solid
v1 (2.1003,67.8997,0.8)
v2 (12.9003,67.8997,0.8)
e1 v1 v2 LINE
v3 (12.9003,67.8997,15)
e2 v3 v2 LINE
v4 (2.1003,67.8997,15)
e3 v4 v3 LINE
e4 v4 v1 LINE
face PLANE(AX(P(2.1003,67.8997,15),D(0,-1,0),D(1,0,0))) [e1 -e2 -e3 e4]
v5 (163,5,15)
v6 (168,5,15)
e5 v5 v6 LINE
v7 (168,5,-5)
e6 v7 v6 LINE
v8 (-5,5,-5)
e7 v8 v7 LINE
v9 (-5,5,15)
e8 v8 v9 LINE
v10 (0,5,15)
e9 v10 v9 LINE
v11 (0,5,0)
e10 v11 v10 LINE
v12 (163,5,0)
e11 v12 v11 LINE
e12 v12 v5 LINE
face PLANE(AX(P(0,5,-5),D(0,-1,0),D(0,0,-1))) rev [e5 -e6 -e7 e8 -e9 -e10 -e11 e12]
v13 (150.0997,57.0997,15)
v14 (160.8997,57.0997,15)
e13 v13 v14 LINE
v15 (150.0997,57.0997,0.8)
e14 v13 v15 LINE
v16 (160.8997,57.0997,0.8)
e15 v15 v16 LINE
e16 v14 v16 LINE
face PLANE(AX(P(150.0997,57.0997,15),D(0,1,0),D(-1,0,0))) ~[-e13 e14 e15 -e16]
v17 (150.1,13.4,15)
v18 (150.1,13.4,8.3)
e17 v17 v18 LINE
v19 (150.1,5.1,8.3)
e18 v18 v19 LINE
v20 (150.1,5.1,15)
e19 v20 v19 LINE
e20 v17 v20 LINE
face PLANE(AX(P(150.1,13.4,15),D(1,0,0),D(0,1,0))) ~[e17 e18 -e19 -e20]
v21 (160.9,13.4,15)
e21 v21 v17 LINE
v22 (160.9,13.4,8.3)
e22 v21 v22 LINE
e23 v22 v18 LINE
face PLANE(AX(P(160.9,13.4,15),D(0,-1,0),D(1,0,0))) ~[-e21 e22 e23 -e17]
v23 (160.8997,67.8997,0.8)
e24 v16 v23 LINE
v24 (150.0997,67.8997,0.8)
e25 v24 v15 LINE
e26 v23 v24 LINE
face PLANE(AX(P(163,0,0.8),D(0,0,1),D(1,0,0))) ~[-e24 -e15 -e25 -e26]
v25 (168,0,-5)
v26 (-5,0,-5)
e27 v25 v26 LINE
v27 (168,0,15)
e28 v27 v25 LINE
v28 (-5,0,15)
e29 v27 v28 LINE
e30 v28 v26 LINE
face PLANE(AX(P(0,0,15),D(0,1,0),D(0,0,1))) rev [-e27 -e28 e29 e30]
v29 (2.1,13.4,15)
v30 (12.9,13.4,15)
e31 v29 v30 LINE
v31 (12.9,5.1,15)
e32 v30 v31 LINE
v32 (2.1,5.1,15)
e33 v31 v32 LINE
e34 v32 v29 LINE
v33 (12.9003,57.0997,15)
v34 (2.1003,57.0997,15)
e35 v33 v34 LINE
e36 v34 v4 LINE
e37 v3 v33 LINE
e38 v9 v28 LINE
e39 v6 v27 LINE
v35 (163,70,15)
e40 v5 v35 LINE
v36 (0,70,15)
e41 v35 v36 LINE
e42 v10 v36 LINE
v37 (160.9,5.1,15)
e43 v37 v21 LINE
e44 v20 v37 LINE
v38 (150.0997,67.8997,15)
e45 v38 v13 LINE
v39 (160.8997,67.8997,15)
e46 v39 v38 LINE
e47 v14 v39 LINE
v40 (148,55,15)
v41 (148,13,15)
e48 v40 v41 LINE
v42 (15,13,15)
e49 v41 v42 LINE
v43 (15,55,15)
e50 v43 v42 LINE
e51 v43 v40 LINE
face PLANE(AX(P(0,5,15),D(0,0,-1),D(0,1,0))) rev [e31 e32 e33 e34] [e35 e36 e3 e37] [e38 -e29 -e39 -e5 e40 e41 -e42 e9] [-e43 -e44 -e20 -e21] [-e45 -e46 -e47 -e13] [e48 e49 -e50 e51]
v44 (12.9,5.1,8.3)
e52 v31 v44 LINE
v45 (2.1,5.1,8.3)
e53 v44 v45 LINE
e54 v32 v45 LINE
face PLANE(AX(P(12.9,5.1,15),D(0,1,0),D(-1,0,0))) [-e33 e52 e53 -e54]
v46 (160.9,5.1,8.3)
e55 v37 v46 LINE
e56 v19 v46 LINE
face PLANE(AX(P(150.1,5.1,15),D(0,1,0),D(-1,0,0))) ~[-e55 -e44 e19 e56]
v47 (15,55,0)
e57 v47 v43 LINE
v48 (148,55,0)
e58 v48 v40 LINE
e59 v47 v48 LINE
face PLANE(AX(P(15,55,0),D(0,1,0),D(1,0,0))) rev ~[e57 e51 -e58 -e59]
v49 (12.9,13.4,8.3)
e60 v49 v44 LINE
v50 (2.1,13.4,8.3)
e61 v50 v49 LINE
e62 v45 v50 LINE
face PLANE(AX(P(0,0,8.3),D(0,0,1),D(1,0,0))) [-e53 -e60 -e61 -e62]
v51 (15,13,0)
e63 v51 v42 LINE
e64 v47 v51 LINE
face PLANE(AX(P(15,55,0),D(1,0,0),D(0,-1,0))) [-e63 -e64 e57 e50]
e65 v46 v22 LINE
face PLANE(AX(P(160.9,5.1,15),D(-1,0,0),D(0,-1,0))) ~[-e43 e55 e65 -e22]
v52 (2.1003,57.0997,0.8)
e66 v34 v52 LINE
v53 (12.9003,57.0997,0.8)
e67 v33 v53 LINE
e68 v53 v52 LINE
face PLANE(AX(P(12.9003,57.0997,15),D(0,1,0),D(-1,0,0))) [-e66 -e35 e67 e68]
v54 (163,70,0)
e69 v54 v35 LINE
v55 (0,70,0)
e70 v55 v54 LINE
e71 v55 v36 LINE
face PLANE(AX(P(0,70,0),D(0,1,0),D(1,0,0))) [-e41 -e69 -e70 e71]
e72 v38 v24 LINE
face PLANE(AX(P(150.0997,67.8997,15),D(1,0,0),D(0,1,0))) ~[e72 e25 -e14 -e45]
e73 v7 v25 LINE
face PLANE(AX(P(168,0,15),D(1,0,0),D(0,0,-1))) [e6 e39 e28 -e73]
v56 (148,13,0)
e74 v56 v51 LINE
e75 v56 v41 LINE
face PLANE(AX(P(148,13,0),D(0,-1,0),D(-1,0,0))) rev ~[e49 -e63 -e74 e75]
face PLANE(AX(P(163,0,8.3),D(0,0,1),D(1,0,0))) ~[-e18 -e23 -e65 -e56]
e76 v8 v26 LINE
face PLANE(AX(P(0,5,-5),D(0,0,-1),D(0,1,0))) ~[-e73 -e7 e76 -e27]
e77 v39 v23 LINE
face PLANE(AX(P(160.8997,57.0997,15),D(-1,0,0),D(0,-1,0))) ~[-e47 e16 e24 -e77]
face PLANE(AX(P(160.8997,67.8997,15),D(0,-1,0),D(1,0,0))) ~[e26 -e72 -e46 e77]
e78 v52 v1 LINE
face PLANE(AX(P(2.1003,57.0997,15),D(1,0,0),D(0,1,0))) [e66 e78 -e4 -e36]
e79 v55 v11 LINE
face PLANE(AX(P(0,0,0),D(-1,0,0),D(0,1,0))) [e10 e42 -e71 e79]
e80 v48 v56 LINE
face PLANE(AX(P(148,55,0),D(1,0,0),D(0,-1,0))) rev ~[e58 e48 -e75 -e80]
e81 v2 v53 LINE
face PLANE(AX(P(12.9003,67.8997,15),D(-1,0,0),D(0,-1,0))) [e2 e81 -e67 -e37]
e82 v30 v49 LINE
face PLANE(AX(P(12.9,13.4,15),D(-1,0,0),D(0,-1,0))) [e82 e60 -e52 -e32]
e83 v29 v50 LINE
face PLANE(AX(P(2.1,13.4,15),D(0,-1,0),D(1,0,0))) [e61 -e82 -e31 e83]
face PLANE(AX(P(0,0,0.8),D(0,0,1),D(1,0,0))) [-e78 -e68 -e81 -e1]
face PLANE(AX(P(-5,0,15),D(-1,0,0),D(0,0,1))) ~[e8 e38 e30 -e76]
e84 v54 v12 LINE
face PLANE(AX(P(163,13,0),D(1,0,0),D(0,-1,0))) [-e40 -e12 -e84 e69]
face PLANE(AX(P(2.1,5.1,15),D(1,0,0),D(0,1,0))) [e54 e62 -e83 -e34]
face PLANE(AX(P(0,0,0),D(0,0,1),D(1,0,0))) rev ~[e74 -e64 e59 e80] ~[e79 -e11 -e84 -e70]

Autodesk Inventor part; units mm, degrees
ref_plane "YZ Plane" through (0, 0, 0) normal (1, 0, 0) x (0, 1, 0)
ref_plane "XZ Plane" through (0, 0, 0) normal (0, 1, 0) x (-1, 0, 0)
ref_plane "XY Plane" through (0, 0, 0) normal (0, 0, 1) x (1, 0, 0)
sketch "Sketch1" plane through (0, 0, 0) normal (0, 0, 1) x (1, 0, 0)
  line L0 (0, 0) -> (0, 70)
  line L1 (0, 70) -> (163, 70)
  line L2 (163, 70) -> (163, 0)
  line L3 (163, 0) -> (0, 0)
  line L4 (0, 70) -> (15, 70)
  line L5 (15, 55) -> (15, 13)
  line L6 (0, 70) -> (0, 55)
  line L7 (15, 55) -> (148, 55)
  line L8 (163, 70) -> (148, 70)
  line L9 (148, 55) -> (148, 13)
  line L10 (163, 0) -> (163, 13)
  line L11 (148, 13) -> (15, 13)
  dimension "d0" = 70
  dimension "d1" = 163
  dimension "d2" = 15
  dimension "d3" = 15
  dimension "d4" = 15
  dimension "d5" = 13
extrude "Extrusion1" add sketch "Sketch1" along normal blind 15
sketch "Sketch2" plane through (0, 0, 0) normal (0, 0, -1) x (-1, 0, 0)
  line L0 (-163, 0) -> (-163, 70) projected
  line L1 (-163, 0) -> (-163, 5)
  line L2 (-163, 5) -> (0, 5)
  line L3 (0, 0) -> (-163, 0) projected
  line L4 (-163, 0) -> (0, 0)
  line L5 (-163, 0) -> (0, 0)
  line L6 (0, 0) -> (0, 5)
  line L7 (0, 5) -> (-163, 5)
  line L8 (-163, 5) -> (-163, 0)
  dimension "d8" = 5
extrude "Extrusion2" add sketch "Sketch2" along normal blind 5
sketch "Sketch3" plane through (163, 0, 15) normal (1, 0, 0) x (0, 0, -1)
  line L0 (20, 5) -> (20, 0) projected
  line L1 (0, 0) -> (20, 0)
  line L2 (20, 0) -> (20, 5)
  line L3 (20, 5) -> (0, 5)
  line L4 (0, 5) -> (0, 0)
  point P0 (15, 0)
extrude "Extrusion3" add sketch "Sketch3" along normal blind 5
ref_plane "Work Plane1" through (81.5, 70, 15) normal (1, 0, 0) x (0, 0, -1)
mirror "Mirror1" about plane through (81.5, 70, 15) normal (1, 0, 0) of "Extrusion3"
sketch "Sketch4" plane through (0, 0, 15) normal (0, 0, 1) x (1, 0, 0)
  line L0 (163, 70) -> (0, 70) projected
  line L1 (15, 55) -> (148, 55) projected
  line L2 (0, 70) -> (2.5003, 67.4997) construction
  line L3 (2.5003, 67.4997) -> (2.5003, 57.4997)
  line L4 (2.5003, 57.4997) -> (12.5003, 57.4997)
  line L5 (12.5003, 57.4997) -> (12.5003, 67.4997)
  line L6 (12.5003, 67.4997) -> (2.5003, 67.4997)
  line L7 (148, 13) -> (15, 13) projected
  line L8 (15, 13) -> (12.5, 13) construction
  line L9 (12.5, 13) -> (2.5, 13)
  line L10 (2.5, 13) -> (2.5, 5.5)
  line L11 (2.5, 5.5) -> (12.5, 5.5)
  line L12 (12.5, 5.5) -> (12.5, 13)
  line L13 (2.1, 13.4) -> (12.9, 13.4)
  line L14 (12.9, 13.4) -> (12.9, 5.1)
  line L15 (12.9, 5.1) -> (2.1, 5.1)
  line L16 (2.1, 5.1) -> (2.1, 13.4)
  line L17 (12.9003, 57.0997) -> (2.1003, 57.0997)
  line L18 (2.1003, 57.0997) -> (2.1003, 67.8997)
  line L19 (2.1003, 67.8997) -> (12.9003, 67.8997)
  line L20 (12.9003, 67.8997) -> (12.9003, 57.0997)
  point P0 (0, 0)
  dimension "d13" = 3.536
  dimension "d14" = 10
  dimension "d15" = 10
  dimension "d16" = 10
  dimension "d17" = 2.5
  dimension "d18" = 10
  dimension "d19" = 7.5
  dimension "d20" = 10
  dimension "d22" = 0.4
  dimension "d23" = 0.4
extrude "Extrusion4" cut sketch "Sketch4" against normal blind 6.7 contours L12 L11 L10 L9 | L13 L14 L15 L16
extrude "Extrusion5" cut sketch "Sketch4" against normal blind 14.2 contours L6 L5 L4 L3 | L17 L18 L19 L20
mirror "Mirror2" about plane through (81.5, 70, 15) normal (1, 0, 0) of "Extrusion4", "Extrusion5"
properties part number "Front Facing Beam Support"
